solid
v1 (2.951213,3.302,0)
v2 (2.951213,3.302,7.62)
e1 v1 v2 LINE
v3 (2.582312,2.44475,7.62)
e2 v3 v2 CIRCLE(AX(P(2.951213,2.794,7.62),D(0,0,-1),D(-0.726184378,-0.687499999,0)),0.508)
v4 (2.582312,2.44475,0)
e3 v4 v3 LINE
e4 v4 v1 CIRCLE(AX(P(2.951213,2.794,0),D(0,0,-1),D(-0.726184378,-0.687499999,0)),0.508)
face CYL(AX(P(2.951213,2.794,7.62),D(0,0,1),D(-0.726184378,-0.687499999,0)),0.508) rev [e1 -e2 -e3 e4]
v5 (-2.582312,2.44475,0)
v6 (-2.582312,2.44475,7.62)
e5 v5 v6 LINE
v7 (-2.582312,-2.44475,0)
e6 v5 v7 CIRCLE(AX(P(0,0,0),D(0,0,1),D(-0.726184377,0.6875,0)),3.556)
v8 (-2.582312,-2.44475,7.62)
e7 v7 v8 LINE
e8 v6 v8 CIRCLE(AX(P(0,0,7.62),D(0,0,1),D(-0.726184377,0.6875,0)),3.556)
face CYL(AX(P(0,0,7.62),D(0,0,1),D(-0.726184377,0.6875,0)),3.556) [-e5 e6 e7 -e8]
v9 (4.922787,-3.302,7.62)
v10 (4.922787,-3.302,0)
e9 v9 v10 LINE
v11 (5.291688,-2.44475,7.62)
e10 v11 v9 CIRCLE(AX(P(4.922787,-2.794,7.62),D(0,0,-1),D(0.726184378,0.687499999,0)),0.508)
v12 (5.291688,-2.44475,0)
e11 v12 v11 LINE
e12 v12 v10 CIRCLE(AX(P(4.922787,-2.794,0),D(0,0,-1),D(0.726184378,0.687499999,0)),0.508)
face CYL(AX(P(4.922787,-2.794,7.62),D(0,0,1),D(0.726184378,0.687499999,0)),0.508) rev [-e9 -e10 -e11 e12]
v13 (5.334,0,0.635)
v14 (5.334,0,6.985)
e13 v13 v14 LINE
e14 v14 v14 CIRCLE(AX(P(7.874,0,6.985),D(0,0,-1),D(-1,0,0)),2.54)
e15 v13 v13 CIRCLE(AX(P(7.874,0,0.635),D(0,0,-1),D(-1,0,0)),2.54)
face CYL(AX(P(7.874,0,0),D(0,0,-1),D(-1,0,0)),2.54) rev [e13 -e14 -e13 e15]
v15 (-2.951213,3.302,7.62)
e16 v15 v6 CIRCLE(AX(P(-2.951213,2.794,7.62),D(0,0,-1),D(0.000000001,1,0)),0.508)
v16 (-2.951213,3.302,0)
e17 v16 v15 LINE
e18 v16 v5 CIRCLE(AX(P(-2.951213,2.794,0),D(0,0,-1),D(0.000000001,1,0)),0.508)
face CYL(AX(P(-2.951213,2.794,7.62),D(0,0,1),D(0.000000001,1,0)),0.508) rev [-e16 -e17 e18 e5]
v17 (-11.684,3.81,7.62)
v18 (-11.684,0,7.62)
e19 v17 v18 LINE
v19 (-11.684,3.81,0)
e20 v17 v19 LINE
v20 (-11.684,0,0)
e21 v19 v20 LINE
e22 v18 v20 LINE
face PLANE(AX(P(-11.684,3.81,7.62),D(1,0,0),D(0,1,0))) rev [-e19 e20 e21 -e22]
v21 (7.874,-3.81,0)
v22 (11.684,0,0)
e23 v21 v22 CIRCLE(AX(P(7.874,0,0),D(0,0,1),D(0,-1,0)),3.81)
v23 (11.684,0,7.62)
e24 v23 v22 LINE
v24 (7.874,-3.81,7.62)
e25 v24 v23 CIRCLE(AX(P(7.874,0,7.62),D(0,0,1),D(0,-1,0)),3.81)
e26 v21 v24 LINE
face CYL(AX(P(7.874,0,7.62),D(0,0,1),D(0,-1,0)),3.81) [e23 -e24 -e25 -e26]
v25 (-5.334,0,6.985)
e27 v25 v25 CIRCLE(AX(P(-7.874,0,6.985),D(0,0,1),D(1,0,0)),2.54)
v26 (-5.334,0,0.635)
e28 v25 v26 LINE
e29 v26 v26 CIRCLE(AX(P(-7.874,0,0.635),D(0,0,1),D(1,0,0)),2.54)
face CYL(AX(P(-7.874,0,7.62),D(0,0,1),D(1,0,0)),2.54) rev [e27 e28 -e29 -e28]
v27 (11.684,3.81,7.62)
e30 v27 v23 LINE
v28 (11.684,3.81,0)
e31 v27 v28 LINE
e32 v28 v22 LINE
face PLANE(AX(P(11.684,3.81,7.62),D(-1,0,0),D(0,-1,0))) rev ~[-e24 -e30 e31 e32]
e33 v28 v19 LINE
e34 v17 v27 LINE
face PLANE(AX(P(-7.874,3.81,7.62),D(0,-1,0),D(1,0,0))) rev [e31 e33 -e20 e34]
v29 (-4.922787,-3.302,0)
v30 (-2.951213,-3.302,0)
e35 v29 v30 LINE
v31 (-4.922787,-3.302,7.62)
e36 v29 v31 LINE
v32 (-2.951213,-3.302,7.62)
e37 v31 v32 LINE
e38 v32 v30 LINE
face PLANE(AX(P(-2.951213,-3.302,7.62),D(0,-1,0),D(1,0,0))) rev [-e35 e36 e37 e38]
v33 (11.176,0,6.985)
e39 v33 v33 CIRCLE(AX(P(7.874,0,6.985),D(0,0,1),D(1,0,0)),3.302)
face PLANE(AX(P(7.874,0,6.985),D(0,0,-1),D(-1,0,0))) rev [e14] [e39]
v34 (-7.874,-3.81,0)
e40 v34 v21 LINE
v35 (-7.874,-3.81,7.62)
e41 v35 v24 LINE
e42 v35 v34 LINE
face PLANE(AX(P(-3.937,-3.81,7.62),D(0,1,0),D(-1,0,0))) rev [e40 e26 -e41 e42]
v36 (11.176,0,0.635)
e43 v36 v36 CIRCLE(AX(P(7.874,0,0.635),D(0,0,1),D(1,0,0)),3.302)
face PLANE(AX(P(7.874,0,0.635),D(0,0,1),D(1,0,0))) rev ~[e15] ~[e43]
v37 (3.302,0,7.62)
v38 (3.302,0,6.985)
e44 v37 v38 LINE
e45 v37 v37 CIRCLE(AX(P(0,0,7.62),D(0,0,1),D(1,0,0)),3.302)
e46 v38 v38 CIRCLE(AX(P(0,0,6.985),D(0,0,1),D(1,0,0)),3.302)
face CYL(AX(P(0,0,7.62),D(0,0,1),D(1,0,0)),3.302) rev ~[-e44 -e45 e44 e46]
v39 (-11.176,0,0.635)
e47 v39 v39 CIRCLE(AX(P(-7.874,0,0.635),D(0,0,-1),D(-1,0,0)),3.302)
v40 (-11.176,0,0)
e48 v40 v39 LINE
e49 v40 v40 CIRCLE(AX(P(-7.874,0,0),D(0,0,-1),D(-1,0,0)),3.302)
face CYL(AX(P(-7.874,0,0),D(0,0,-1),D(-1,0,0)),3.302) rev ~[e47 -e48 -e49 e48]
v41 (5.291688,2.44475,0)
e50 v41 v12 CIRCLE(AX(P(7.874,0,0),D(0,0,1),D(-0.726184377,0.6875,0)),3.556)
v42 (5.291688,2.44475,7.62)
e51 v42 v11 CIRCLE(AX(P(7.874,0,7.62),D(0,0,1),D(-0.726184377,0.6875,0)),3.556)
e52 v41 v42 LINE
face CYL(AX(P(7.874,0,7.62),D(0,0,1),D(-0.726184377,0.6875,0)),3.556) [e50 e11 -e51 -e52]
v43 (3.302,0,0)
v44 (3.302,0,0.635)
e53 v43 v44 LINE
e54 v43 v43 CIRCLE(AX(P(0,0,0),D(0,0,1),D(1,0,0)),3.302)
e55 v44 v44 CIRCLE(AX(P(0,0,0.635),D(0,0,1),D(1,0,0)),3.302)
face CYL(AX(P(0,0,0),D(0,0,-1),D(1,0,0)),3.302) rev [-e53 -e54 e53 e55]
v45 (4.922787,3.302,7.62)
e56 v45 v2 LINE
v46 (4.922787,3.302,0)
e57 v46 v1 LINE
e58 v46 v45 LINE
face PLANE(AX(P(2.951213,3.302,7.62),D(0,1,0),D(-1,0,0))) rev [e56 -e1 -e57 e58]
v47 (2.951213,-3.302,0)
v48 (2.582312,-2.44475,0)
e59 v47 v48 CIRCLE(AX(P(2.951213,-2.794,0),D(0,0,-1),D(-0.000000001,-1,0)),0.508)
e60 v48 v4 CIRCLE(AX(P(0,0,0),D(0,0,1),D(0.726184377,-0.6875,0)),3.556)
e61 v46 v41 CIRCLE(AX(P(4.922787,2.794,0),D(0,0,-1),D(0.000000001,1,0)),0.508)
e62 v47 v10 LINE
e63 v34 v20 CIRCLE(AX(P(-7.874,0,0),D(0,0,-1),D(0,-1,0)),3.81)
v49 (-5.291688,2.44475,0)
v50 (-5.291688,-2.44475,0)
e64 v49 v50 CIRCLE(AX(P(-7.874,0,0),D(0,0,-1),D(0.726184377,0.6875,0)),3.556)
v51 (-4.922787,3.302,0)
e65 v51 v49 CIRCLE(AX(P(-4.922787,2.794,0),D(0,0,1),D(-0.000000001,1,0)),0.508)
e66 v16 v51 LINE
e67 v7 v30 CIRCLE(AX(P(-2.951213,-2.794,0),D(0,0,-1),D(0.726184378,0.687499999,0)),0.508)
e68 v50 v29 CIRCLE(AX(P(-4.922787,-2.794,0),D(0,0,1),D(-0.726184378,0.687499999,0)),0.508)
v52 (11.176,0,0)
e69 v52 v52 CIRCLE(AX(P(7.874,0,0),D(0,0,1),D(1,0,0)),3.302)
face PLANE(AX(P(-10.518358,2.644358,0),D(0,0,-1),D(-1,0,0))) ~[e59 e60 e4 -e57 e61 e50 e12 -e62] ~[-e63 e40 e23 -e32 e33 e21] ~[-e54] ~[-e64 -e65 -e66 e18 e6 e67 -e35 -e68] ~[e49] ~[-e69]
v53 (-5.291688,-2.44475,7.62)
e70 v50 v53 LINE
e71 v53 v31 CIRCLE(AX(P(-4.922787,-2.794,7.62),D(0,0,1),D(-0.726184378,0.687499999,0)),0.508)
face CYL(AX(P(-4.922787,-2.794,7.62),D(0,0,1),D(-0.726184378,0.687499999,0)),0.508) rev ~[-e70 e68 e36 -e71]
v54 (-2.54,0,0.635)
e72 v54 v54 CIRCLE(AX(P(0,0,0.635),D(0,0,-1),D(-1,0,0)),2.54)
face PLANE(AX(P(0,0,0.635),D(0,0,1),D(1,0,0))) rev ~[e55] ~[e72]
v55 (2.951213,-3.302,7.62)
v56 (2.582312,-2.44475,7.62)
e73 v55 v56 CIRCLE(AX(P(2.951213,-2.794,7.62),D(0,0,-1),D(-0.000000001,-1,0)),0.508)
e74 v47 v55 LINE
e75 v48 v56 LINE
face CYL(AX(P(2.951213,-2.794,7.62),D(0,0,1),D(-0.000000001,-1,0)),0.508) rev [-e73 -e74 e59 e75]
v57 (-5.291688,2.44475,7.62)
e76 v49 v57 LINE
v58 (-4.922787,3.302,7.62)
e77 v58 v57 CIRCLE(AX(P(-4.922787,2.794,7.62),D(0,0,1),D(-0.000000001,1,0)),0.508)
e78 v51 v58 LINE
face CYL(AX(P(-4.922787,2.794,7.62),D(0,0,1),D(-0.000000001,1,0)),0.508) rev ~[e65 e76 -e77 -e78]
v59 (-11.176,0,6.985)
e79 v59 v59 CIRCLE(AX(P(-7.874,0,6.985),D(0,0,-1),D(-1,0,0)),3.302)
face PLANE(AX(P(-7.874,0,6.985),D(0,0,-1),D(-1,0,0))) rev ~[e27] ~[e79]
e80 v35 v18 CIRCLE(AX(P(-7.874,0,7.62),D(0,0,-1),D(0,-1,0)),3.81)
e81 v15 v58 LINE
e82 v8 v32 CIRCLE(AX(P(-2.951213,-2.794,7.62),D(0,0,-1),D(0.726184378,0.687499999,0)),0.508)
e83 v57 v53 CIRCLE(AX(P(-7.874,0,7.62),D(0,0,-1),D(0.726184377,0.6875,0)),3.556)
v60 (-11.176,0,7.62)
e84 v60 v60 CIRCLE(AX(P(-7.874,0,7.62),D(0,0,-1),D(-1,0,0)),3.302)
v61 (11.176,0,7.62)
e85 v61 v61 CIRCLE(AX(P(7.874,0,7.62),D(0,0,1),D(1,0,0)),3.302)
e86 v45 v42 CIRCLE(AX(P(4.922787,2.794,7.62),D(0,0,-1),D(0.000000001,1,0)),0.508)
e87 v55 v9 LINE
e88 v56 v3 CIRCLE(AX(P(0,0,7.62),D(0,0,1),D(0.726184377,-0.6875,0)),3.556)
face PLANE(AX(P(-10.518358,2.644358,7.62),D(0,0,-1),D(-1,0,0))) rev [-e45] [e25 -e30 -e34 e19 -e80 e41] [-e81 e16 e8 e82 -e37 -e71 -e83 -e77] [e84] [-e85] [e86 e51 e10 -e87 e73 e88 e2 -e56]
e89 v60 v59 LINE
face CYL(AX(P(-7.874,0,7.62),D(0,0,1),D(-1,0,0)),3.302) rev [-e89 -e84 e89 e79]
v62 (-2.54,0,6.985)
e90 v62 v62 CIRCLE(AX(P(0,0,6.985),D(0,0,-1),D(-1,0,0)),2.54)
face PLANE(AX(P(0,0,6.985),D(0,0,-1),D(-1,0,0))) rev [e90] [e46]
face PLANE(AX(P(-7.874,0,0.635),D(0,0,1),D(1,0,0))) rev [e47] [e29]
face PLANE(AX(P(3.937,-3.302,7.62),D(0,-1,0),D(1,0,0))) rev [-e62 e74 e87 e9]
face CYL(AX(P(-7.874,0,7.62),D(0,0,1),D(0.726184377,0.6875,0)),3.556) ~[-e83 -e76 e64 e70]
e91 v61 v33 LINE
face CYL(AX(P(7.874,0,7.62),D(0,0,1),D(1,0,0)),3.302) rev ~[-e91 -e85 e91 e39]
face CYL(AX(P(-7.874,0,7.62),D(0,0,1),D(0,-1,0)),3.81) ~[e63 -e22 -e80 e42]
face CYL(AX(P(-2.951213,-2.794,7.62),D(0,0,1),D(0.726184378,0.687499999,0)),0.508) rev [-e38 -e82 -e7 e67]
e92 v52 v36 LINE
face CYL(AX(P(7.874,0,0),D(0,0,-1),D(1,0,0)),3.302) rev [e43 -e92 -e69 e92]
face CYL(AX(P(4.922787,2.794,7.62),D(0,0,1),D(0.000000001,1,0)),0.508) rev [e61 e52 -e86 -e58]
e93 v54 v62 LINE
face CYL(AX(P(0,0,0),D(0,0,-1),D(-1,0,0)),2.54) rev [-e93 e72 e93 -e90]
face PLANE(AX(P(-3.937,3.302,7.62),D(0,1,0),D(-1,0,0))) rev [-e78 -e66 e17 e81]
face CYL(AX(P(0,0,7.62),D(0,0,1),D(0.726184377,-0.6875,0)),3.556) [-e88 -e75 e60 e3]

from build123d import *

# Parameters (mm, degrees)
SKETCH1_R           = 3.302
SKETCH1_R_2         = 2.54
BOSS_EXTRUDE1_DEPTH = 3.81
SKETCH1_7_R         = 2.54
BOSS_EXTRUDE2_DEPTH = 3.81
SKETCH2_R           = 3.302
CUT_EXTRUDE1_DEPTH  = 0.635
BOSS_EXTRUDE3_DEPTH = 7.62


with BuildPart() as part:
    # Sketch1 → Boss-Extrude1 (new body)
    with BuildSketch(Plane.XY):
        with BuildLine():
            Line((3.937, -3.81), (7.874, -3.81))
            ThreePointArc((7.874, -3.81), (11.684, 0), (7.874, 3.81))
            Line((7.874, 3.81), (3.937, 3.81))
            Line((3.937, 3.81), (3.937, 3.302))
            Line((3.937, 3.302), (4.92278669, 3.302))
            ThreePointArc((4.92278669, 3.302), (5.389414486, 2.994804631), (5.291688354, 2.44475))
            ThreePointArc((5.291688354, 2.44475), (4.318, 0), (5.291688354, -2.44475))
            ThreePointArc((5.291688354, -2.44475), (5.389414486, -2.994804631), (4.92278669, -3.302))
            Line((4.92278669, -3.302), (3.937, -3.302))
            Line((3.937, -3.302), (3.937, -3.81))
        make_face()
        with Locations((7.874, 0)):
            Circle(SKETCH1_R, mode=Mode.SUBTRACT)
        with Locations((7.874, 0)):
            Circle(SKETCH1_R)
        with Locations(Location((7.874, 0, 0), (0, 0, 180))):
            Circle(SKETCH1_R_2, mode=Mode.SUBTRACT)
    extrude(amount=BOSS_EXTRUDE1_DEPTH)


with BuildPart() as body_2:
    # Sketch1_7 → Boss-Extrude2 (new body)
    with BuildSketch(Plane.XY):
        with BuildLine():
            Line((3.937, -3.81), (3.937, -3.302))
            Line((3.937, -3.302), (2.95121331, -3.302))
            ThreePointArc((2.95121331, -3.302), (2.484585514, -2.994804631), (2.582311646, -2.44475))
            ThreePointArc((2.582311646, -2.44475), (3.556, 0), (2.582311646, 2.44475))
            ThreePointArc((2.582311646, 2.44475), (2.484585514, 2.994804631), (2.95121331, 3.302))
            Line((2.95121331, 3.302), (3.937, 3.302))
            Line((3.937, 3.302), (3.937, 3.81))
            Line((3.937, 3.81), (-3.937, 3.81))
            Line((-3.937, 3.81), (-3.937, 3.302))
            Line((-3.937, 3.302), (-2.95121331, 3.302))
            ThreePointArc((-2.95121331, 3.302), (-2.484585514, 2.994804631), (-2.582311646, 2.44475))
            ThreePointArc((-2.582311646, 2.44475), (-3.556, 0), (-2.582311646, -2.44475))
            ThreePointArc((-2.582311646, -2.44475), (-2.484585514, -2.994804631), (-2.95121331, -3.302))
            Line((-2.95121331, -3.302), (-3.937, -3.302))
            Line((-3.937, -3.302), (-3.937, -3.81))
            Line((-3.937, -3.81), (3.937, -3.81))
        make_face()
        with Locations(Location((0, 0, 0), (0, 0, 180))):
            Circle(SKETCH1_7_R, mode=Mode.SUBTRACT)
    extrude(amount=BOSS_EXTRUDE2_DEPTH)


with BuildPart() as cut_extrude1_tool:
    # Sketch2 → Cut-Extrude1 (new body)
    with BuildSketch(Plane.XY):
        with Locations((7.874, 0)):
            Circle(SKETCH2_R)
        Circle(SKETCH2_R)
    extrude(amount=CUT_EXTRUDE1_DEPTH)


with BuildPart() as part_1:
    add(part.part)

    # Cut-Extrude1: cut by cut_extrude1_tool
    add(cut_extrude1_tool.part, mode=Mode.SUBTRACT)


with BuildPart() as body_2_1:
    add(body_2.part)

    # Cut-Extrude1: cut by cut_extrude1_tool
    add(cut_extrude1_tool.part, mode=Mode.SUBTRACT)


with BuildPart() as body_3:
    # Mirror2: mirrored copy
    add(part_1.part.mirror(Plane(origin=(0, 0, 0), x_dir=(0, 0, 1), z_dir=(1, 0, 0))))


with BuildPart() as part_2:
    add(part_1.part)

    # Combine1: union body 3, body 2
    add(body_3.part)
    add(body_2_1.part)

    # Mirror3: part across plane


with BuildPart() as part_3:
    add(part_2.part)
    add(part_2.part.mirror(Plane.XY.offset(3.81)))

    # Sketch3 → Boss-Extrude3 (add, through all)
    with BuildSketch(Plane.XY.offset(7.62)):
        with BuildLine():
            Line((7.874, 3.81), (11.684, 3.81))
            Line((11.684, 3.81), (11.684, 0))
            ThreePointArc((11.684, 0), (10.568076836, 2.694076836), (7.874, 3.81))
        make_face()
    boss_extrude3 = extrude(amount=-BOSS_EXTRUDE3_DEPTH)

    # Mirror4: Boss-Extrude3 across plane
    add(boss_extrude3.mirror(Plane(origin=(0, 0, 0), x_dir=(0, 0, 1), z_dir=(1, 0, 0))))


solid = part_3.part
